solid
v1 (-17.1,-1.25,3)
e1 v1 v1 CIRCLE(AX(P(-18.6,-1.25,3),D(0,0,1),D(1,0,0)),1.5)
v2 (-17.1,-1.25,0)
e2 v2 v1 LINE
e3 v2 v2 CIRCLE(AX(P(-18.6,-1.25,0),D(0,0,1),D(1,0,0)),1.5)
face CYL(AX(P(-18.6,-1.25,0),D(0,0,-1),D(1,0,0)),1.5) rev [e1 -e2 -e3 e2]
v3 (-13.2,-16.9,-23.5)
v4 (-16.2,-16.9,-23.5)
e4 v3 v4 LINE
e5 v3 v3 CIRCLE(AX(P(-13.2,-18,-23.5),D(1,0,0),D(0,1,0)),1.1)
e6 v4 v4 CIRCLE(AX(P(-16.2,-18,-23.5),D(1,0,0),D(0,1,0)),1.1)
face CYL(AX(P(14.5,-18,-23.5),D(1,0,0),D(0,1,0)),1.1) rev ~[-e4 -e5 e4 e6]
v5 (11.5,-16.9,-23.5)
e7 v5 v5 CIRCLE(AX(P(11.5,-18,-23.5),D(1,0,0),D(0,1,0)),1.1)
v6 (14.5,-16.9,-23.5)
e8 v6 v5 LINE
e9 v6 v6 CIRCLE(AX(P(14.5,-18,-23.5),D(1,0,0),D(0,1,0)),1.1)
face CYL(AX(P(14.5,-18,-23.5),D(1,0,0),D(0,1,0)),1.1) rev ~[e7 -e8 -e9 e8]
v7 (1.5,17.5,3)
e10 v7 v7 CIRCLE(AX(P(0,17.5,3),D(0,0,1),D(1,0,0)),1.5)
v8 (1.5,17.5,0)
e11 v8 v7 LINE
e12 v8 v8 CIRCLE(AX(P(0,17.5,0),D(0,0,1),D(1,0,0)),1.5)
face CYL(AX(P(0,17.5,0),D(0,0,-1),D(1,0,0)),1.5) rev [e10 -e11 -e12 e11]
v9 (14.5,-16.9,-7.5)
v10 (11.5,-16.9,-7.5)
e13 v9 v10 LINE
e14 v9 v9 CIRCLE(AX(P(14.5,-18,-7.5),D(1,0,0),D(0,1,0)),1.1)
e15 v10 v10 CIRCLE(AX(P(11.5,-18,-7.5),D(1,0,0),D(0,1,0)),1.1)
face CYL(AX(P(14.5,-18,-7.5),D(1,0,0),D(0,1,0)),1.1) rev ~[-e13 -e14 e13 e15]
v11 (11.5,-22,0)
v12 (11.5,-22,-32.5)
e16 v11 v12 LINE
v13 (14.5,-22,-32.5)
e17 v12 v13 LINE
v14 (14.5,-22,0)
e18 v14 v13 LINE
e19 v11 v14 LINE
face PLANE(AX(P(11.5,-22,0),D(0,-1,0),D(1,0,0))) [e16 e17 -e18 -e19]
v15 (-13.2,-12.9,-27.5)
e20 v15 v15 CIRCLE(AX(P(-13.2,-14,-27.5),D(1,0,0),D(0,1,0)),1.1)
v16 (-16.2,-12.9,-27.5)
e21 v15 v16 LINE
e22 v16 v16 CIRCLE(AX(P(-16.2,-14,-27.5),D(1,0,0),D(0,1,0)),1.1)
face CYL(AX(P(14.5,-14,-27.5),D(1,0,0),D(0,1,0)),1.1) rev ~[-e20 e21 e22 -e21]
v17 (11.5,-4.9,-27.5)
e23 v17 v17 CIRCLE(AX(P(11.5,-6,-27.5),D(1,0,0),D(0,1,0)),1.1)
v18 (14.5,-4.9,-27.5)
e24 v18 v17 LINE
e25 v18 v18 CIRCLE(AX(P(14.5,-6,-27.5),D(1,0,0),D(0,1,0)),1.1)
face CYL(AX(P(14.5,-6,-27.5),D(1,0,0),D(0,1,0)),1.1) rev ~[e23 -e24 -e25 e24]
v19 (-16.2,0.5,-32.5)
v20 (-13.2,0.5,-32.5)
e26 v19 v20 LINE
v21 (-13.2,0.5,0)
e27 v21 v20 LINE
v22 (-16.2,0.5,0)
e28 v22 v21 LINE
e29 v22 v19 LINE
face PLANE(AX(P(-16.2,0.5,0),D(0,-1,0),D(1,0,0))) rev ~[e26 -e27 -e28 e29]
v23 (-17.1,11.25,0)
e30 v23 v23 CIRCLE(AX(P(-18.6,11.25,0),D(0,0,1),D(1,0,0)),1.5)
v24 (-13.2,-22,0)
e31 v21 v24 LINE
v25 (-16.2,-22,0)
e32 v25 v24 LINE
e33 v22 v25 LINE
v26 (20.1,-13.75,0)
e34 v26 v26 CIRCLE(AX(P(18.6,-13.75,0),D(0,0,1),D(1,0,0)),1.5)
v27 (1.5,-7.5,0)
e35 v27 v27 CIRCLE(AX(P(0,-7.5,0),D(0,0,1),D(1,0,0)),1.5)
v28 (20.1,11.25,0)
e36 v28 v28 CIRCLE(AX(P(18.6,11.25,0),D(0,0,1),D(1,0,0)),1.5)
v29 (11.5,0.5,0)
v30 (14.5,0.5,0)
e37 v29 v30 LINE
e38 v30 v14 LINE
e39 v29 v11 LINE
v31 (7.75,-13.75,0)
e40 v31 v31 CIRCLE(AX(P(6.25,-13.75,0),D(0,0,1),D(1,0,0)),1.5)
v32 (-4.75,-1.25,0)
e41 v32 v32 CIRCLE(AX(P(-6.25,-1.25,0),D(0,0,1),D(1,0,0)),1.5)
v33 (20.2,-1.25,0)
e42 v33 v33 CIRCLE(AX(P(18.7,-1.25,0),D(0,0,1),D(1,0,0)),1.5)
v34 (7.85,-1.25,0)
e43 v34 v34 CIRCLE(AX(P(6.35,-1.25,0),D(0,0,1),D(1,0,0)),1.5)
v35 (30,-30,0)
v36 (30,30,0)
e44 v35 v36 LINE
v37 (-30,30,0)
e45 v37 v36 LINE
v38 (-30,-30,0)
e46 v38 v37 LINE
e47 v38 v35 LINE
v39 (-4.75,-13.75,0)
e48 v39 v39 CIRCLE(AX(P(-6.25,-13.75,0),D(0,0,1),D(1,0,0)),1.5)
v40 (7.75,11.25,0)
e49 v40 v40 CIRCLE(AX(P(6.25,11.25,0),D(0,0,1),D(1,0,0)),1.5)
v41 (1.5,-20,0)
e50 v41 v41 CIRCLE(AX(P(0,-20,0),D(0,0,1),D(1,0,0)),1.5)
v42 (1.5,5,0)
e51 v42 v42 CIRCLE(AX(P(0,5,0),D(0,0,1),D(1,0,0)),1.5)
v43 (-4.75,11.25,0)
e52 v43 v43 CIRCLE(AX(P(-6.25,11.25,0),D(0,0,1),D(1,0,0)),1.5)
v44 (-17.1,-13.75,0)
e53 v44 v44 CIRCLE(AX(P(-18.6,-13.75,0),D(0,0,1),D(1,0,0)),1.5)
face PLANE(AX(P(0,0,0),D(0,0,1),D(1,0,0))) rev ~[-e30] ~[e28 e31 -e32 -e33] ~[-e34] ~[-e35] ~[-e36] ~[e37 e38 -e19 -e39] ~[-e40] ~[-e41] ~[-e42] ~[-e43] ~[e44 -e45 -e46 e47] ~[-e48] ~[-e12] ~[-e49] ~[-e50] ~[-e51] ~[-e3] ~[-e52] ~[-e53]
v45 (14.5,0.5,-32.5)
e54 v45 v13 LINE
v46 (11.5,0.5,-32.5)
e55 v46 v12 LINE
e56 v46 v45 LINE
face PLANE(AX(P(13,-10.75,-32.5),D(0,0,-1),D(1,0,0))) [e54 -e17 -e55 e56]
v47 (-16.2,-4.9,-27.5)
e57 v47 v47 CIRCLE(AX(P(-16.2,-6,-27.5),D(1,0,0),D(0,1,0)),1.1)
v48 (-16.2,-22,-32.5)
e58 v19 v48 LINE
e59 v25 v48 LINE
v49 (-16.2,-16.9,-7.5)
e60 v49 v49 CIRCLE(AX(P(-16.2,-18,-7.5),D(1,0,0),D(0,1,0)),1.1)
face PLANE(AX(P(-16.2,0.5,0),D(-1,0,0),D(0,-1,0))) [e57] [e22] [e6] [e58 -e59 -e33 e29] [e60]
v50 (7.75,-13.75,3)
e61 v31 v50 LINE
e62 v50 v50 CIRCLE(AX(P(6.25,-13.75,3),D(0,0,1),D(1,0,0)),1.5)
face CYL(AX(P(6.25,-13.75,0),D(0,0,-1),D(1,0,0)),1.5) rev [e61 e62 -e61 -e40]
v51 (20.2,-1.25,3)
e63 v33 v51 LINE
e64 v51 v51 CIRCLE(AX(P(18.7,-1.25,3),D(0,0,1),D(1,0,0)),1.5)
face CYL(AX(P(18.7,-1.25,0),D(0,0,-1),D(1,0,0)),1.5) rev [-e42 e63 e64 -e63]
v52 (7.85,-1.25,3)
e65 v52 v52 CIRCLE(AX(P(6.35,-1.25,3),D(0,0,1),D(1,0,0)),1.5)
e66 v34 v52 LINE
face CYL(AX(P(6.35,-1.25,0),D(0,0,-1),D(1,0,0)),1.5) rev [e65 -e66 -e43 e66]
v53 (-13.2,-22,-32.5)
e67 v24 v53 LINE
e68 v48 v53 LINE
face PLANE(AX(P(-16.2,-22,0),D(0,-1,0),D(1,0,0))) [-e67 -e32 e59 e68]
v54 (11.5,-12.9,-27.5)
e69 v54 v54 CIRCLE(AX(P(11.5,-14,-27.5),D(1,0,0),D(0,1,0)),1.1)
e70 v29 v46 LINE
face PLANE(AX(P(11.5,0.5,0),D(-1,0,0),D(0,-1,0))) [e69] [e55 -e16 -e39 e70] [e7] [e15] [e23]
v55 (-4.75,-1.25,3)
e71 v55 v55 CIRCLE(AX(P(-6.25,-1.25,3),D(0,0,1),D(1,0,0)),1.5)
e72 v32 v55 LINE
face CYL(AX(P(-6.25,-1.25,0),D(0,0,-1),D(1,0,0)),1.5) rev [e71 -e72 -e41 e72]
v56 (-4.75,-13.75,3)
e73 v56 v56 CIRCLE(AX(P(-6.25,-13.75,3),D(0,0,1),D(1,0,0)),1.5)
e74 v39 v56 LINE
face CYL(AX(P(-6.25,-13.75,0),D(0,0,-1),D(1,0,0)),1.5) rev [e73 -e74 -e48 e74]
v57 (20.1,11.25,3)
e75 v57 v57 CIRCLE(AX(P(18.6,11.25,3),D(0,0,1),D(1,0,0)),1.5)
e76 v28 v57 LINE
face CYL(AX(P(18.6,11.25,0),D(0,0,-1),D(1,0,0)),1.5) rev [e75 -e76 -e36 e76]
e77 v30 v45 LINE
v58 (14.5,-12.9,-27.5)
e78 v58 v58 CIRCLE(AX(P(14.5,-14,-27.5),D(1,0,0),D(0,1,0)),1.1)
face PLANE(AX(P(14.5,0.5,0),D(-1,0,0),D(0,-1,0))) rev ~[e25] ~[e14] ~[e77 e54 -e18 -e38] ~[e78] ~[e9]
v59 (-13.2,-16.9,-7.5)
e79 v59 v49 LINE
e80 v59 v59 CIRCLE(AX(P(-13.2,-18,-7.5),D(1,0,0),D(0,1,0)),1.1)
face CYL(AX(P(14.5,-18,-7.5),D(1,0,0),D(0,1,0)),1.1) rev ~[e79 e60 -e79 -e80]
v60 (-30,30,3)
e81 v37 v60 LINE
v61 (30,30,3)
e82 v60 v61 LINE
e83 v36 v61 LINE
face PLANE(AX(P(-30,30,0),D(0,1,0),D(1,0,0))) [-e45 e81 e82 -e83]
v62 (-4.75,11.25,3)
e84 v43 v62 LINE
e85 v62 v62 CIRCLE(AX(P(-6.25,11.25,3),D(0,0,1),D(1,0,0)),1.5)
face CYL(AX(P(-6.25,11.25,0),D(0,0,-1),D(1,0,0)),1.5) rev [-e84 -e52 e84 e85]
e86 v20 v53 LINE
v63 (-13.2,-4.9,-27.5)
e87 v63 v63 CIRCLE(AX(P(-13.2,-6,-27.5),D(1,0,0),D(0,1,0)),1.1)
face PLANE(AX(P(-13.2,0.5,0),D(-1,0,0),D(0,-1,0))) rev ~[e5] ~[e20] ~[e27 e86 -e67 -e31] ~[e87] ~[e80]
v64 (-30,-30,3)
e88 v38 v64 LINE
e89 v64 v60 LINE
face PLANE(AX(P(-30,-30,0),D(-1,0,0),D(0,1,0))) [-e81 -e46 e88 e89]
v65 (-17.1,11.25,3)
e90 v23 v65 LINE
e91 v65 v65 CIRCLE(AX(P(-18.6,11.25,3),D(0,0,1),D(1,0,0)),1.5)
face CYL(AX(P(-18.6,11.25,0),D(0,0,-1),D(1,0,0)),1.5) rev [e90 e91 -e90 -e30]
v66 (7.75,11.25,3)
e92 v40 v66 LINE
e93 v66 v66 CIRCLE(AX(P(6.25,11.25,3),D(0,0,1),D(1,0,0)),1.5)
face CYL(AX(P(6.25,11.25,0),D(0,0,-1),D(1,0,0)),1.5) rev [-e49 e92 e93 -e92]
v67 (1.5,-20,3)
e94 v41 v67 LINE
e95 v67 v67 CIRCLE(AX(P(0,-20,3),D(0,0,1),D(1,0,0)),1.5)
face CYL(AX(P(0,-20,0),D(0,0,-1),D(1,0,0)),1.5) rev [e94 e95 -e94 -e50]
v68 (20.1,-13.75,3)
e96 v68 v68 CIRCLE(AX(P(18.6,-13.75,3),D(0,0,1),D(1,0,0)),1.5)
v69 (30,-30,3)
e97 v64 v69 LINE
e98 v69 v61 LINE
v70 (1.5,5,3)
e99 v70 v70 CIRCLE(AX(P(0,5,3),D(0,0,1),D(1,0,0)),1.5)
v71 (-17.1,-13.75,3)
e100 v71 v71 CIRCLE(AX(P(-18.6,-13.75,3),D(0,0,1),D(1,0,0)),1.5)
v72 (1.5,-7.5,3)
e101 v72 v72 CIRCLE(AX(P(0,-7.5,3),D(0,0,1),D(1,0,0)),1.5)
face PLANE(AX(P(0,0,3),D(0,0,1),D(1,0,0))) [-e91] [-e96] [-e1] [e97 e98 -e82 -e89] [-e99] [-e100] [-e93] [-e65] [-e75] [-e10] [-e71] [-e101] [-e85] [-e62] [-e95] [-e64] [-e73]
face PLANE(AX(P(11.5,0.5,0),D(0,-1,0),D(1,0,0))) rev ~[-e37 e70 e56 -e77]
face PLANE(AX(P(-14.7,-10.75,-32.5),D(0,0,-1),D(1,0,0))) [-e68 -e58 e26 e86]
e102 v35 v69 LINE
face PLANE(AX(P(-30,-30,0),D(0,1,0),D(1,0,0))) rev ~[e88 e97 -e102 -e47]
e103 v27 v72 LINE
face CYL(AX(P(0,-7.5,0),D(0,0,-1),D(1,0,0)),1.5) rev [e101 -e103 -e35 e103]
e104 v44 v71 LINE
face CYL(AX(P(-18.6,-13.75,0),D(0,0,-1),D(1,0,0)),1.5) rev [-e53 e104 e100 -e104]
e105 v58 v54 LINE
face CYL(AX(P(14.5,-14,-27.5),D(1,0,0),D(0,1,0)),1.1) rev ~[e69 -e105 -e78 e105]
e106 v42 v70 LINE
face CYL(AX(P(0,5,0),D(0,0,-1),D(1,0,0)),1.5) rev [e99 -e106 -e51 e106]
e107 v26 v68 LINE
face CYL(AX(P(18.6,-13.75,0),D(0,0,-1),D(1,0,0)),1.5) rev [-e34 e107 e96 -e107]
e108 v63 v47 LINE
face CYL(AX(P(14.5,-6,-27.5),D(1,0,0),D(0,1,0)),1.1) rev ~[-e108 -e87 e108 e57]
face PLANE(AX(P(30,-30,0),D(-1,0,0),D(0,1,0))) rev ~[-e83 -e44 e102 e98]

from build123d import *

# Parameters (mm, degrees)
SKETCH_W     = 60
SKETCH_H     = 60
SKETCH_R     = 1.5
PAD_DEPTH    = 3
SKETCH001_W  = 3
SKETCH001_H  = 22.5
PAD001_DEPTH = 32.5
SKETCH002_R  = 1.1
POCKET_DEPTH = 60


with BuildPart() as part:
    # Sketch → Pad (new body)
    with BuildSketch(Plane.XY):
        Rectangle(SKETCH_W, SKETCH_H)
        with Locations((0, 17.5)):
            Circle(SKETCH_R, mode=Mode.SUBTRACT)
        with Locations((0, 5)):
            Circle(SKETCH_R, mode=Mode.SUBTRACT)
        with Locations((0, -7.5)):
            Circle(SKETCH_R, mode=Mode.SUBTRACT)
        with Locations((0, -20)):
            Circle(SKETCH_R, mode=Mode.SUBTRACT)
        with Locations((-6.25, 11.25)):
            Circle(SKETCH_R, mode=Mode.SUBTRACT)
        with Locations((-18.6, 11.25)):
            Circle(SKETCH_R, mode=Mode.SUBTRACT)
        with Locations((6.25, 11.25)):
            Circle(SKETCH_R, mode=Mode.SUBTRACT)
        with Locations((18.6, 11.25)):
            Circle(SKETCH_R, mode=Mode.SUBTRACT)
        with Locations((-18.6, -1.25)):
            Circle(SKETCH_R, mode=Mode.SUBTRACT)
        with Locations((-18.6, -13.75)):
            Circle(SKETCH_R, mode=Mode.SUBTRACT)
        with Locations((18.7, -1.25)):
            Circle(SKETCH_R, mode=Mode.SUBTRACT)
        with Locations((18.6, -13.75)):
            Circle(SKETCH_R, mode=Mode.SUBTRACT)
        with Locations((-6.25, -13.75)):
            Circle(SKETCH_R, mode=Mode.SUBTRACT)
        with Locations((6.25, -13.75)):
            Circle(SKETCH_R, mode=Mode.SUBTRACT)
        with Locations((-6.25, -1.25)):
            Circle(SKETCH_R, mode=Mode.SUBTRACT)
        with Locations((6.35, -1.25)):
            Circle(SKETCH_R, mode=Mode.SUBTRACT)
    extrude(amount=PAD_DEPTH)

    # Sketch001 (on Face21 of Pad) → Pad001 (join)
    with BuildSketch(Plane(origin=(0, 0, 0), x_dir=(1, 0, 0), z_dir=(0, 0, -1))):
        with Locations((-14.7, 10.75)):
            Rectangle(SKETCH001_W, SKETCH001_H)
        with Locations((13, 10.75)):
            Rectangle(SKETCH001_W, SKETCH001_H)
    extrude(amount=PAD001_DEPTH)

    # Sketch002 (on Face18 of Pad001) → Pocket (cut)
    with BuildSketch(Plane.YZ.offset(14.5)):
        with Locations((-18, -23.5)):
            Circle(SKETCH002_R)
        with Locations((-6, -27.5)):
            Circle(SKETCH002_R)
        with Locations((-18, -7.5)):
            Circle(SKETCH002_R)
        with Locations((-14, -27.5)):
            Circle(SKETCH002_R)
    extrude(amount=-POCKET_DEPTH, mode=Mode.SUBTRACT)


solid = part.part
